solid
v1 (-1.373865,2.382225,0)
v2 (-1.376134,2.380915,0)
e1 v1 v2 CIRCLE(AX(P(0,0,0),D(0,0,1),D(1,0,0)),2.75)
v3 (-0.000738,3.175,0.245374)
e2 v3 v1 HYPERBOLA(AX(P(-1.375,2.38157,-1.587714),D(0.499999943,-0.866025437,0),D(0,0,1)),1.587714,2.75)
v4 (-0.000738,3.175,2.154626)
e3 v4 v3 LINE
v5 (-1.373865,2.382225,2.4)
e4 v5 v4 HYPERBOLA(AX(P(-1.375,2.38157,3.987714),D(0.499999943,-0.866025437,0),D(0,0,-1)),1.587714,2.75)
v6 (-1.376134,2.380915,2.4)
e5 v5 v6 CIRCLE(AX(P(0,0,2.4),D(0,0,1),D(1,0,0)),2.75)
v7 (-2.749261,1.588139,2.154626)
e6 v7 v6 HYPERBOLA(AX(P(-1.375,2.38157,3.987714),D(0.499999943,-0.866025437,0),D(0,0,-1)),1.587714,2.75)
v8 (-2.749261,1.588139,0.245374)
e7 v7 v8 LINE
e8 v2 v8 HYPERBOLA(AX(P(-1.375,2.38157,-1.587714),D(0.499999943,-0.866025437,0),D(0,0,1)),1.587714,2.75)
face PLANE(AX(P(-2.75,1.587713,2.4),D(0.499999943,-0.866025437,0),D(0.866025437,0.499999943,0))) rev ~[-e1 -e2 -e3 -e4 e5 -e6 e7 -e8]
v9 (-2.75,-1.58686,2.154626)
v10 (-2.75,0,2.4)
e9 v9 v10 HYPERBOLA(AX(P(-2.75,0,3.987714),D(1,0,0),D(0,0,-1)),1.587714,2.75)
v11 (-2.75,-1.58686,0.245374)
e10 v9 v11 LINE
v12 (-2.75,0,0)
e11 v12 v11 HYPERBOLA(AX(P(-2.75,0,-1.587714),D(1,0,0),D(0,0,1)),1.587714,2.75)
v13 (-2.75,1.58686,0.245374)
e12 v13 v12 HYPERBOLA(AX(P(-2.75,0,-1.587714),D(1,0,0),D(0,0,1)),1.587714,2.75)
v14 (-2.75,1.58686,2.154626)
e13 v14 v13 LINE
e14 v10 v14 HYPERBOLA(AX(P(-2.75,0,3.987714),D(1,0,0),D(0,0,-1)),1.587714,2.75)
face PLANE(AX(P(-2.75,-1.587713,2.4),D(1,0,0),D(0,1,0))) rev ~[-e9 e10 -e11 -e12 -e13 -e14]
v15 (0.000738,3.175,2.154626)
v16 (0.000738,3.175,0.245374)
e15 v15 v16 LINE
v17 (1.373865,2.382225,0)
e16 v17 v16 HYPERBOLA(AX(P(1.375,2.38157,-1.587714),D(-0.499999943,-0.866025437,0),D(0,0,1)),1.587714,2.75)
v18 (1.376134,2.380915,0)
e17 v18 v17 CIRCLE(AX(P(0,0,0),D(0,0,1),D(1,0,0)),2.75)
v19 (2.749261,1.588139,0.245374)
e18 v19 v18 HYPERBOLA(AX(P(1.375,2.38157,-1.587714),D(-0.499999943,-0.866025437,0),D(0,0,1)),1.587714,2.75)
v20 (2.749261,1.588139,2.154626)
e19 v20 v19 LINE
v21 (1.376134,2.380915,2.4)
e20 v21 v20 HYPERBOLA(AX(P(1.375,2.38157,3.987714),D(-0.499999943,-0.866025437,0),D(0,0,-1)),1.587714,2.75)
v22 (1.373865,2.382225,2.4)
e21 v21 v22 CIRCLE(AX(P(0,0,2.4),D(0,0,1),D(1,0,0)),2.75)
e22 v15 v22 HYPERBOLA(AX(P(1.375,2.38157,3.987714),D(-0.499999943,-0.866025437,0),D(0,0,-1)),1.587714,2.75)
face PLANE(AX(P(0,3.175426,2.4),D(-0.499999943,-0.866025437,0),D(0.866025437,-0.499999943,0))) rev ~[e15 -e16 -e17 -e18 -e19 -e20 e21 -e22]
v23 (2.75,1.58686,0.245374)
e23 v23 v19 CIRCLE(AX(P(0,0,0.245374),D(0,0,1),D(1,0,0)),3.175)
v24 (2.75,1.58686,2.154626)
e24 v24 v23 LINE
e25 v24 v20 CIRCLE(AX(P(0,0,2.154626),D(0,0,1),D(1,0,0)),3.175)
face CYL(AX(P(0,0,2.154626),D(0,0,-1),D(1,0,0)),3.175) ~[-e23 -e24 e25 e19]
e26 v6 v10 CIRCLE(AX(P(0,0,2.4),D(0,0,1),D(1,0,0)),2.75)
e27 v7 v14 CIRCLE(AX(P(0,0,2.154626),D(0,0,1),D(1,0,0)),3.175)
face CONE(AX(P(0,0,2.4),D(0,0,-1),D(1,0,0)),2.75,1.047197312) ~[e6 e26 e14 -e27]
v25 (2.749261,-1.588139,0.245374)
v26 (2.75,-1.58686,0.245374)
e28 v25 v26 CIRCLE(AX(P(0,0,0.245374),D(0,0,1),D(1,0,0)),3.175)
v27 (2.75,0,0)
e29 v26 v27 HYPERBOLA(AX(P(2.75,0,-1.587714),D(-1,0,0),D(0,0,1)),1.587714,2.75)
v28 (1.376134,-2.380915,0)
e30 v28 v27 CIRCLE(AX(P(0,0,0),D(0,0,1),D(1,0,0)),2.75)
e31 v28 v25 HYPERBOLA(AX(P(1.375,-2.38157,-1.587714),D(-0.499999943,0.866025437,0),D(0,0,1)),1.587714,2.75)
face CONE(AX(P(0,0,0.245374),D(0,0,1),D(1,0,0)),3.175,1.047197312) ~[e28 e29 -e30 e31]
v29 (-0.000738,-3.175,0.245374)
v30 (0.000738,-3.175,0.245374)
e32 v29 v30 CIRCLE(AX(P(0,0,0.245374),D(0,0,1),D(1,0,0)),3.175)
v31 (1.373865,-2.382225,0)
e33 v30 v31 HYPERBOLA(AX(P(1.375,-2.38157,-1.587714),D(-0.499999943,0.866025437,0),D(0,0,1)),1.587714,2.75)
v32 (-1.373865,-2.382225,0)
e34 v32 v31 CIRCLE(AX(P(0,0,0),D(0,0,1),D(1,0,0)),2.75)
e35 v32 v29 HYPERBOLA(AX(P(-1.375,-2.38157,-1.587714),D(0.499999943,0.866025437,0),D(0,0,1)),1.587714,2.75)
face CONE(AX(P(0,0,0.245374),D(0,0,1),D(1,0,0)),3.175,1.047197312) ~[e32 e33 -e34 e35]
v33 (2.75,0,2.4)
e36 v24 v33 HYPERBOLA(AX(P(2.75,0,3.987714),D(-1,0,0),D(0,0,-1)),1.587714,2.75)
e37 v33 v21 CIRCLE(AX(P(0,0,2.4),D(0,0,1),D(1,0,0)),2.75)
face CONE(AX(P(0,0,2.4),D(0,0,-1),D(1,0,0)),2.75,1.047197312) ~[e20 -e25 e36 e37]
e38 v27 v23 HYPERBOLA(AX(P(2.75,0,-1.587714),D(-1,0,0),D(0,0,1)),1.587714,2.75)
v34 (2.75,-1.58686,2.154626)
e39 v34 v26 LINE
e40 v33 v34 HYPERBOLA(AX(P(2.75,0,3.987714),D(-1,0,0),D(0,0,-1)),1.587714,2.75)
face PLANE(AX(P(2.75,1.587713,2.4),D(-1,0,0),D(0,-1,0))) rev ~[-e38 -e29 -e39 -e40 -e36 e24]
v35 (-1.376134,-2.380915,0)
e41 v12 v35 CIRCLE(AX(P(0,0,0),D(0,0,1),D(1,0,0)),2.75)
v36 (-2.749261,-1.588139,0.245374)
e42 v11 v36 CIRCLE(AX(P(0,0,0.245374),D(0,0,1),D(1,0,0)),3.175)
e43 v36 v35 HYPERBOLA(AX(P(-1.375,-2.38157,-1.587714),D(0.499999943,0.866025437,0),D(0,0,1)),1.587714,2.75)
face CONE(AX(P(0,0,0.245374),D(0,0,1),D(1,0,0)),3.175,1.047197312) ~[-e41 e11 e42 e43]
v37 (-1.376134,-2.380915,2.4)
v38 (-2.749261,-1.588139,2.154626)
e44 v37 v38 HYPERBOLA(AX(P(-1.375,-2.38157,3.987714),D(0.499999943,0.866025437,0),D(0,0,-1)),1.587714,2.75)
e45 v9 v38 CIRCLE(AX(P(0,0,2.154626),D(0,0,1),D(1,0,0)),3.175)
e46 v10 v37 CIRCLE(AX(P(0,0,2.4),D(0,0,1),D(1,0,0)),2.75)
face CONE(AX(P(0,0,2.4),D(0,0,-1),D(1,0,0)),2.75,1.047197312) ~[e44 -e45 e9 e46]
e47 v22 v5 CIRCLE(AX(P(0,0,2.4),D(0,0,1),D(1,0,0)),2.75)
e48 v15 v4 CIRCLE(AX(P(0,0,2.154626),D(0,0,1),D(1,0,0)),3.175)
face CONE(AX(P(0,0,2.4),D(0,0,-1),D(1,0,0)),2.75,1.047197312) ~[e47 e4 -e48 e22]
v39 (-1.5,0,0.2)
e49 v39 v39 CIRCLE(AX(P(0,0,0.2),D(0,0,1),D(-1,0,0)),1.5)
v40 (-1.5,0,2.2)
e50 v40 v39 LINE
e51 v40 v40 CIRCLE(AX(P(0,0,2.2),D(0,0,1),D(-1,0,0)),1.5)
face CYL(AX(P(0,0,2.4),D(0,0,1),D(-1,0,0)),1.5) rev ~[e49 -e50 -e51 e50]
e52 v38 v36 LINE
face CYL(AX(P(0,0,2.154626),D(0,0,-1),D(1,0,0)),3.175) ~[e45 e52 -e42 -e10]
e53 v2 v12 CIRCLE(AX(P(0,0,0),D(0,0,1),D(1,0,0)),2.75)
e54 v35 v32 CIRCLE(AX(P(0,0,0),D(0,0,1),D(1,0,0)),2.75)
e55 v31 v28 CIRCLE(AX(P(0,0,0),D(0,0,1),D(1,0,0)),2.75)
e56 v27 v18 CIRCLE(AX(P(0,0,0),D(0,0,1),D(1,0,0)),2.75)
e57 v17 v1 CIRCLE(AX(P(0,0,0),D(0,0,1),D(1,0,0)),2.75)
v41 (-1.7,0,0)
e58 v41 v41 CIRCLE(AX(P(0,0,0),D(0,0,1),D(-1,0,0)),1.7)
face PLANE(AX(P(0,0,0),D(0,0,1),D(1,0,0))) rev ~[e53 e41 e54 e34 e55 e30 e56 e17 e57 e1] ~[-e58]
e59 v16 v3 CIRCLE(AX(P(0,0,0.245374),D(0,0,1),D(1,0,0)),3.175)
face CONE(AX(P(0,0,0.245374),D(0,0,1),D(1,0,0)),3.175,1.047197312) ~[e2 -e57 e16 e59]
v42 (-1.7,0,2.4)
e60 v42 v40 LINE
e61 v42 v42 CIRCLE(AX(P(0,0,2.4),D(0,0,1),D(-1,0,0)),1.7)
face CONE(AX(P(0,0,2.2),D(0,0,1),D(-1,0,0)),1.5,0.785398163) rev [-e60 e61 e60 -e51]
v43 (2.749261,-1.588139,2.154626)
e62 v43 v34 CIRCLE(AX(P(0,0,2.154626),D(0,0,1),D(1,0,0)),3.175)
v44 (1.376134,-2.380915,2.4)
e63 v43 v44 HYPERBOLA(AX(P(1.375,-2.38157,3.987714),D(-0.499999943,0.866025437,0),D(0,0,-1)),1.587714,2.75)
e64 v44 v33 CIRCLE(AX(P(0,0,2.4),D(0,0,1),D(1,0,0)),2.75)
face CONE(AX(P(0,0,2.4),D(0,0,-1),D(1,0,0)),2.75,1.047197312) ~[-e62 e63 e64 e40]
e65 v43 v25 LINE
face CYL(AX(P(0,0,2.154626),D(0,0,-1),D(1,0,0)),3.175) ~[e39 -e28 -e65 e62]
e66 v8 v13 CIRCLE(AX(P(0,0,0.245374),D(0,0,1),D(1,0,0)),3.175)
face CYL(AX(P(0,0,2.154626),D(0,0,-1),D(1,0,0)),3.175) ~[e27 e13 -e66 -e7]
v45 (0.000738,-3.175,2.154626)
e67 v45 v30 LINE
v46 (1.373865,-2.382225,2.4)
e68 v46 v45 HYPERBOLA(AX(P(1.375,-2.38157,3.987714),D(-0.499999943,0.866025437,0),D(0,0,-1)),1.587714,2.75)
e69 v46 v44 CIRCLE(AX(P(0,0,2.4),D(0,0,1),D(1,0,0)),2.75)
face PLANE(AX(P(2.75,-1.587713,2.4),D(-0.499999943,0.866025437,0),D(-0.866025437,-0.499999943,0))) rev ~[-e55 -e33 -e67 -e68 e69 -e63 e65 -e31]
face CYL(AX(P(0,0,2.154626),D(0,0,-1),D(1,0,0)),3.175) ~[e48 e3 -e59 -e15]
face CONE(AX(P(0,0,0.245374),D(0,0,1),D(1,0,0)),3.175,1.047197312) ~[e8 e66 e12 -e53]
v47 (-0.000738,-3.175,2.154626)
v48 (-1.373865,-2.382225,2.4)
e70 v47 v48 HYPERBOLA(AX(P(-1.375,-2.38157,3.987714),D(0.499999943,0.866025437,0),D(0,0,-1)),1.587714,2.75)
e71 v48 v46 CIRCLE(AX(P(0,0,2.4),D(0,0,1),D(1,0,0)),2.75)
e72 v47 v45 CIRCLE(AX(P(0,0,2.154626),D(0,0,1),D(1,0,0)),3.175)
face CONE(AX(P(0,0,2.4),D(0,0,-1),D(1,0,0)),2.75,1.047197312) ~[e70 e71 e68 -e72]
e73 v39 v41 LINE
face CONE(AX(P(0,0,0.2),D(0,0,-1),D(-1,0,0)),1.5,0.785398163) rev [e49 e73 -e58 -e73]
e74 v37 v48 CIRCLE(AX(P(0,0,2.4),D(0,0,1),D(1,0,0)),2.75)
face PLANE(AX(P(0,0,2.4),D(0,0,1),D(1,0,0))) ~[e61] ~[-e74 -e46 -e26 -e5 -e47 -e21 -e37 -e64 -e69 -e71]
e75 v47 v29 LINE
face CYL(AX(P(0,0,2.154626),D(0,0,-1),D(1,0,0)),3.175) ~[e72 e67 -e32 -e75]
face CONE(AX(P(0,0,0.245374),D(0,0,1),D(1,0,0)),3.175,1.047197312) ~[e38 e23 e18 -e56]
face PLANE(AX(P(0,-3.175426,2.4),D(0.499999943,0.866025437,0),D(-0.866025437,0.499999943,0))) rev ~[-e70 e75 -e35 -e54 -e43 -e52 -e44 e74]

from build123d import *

# Parameters (mm, degrees)
SKETCH018_R     = 4.175426
POCKET007_DEPTH = 2.401
SKETCH017_R     = 1.5
POCKET008_DEPTH = 2.401
CHAMFER008_SIZE = 0.2


with BuildPart() as part:
    # Sketch013 → Revolution008 (revolve)
    with BuildSketch(Plane.XZ):
        Polygon((0, 2.4), (2.75, 2.4), (3.175, 2.154626), (3.175, 0.245374), (2.75, 0), (0, 0), align=None)
    revolve(axis=Axis((0, 0, 0), (0, 0, 1)))

    # Sketch018 (on Face3 of Revolution008) → Pocket007 (cut, through all)
    with BuildSketch(Plane(origin=(0, 0, 2.4), x_dir=(-1, 0, 0), z_dir=(0, 0, 1))):
        Circle(SKETCH018_R)
        Polygon((-2.75, 1.587713), (0, 3.175426), (2.75, 1.587713), (2.75, -1.587713), (0, -3.175426), (-2.75, -1.587713), align=None, mode=Mode.SUBTRACT)
    extrude(amount=-POCKET007_DEPTH, mode=Mode.SUBTRACT)

    # Sketch017 (on Face16 of Pocket007) → Pocket008 (cut, through all)
    with BuildSketch(Plane(origin=(0, 0, 2.4), x_dir=(-1, 0, 0), z_dir=(0, 0, 1))):
        Circle(SKETCH017_R)
    extrude(amount=-POCKET008_DEPTH, mode=Mode.SUBTRACT)

    # Chamfer008
    chamfer008_edges = [part.edges().sort_by_distance(p)[0] for p in [
        (1.5, 0, 2.4),
        (1.5, 0, 0),
    ]]
    chamfer(chamfer008_edges, length=CHAMFER008_SIZE)


solid = part.part
